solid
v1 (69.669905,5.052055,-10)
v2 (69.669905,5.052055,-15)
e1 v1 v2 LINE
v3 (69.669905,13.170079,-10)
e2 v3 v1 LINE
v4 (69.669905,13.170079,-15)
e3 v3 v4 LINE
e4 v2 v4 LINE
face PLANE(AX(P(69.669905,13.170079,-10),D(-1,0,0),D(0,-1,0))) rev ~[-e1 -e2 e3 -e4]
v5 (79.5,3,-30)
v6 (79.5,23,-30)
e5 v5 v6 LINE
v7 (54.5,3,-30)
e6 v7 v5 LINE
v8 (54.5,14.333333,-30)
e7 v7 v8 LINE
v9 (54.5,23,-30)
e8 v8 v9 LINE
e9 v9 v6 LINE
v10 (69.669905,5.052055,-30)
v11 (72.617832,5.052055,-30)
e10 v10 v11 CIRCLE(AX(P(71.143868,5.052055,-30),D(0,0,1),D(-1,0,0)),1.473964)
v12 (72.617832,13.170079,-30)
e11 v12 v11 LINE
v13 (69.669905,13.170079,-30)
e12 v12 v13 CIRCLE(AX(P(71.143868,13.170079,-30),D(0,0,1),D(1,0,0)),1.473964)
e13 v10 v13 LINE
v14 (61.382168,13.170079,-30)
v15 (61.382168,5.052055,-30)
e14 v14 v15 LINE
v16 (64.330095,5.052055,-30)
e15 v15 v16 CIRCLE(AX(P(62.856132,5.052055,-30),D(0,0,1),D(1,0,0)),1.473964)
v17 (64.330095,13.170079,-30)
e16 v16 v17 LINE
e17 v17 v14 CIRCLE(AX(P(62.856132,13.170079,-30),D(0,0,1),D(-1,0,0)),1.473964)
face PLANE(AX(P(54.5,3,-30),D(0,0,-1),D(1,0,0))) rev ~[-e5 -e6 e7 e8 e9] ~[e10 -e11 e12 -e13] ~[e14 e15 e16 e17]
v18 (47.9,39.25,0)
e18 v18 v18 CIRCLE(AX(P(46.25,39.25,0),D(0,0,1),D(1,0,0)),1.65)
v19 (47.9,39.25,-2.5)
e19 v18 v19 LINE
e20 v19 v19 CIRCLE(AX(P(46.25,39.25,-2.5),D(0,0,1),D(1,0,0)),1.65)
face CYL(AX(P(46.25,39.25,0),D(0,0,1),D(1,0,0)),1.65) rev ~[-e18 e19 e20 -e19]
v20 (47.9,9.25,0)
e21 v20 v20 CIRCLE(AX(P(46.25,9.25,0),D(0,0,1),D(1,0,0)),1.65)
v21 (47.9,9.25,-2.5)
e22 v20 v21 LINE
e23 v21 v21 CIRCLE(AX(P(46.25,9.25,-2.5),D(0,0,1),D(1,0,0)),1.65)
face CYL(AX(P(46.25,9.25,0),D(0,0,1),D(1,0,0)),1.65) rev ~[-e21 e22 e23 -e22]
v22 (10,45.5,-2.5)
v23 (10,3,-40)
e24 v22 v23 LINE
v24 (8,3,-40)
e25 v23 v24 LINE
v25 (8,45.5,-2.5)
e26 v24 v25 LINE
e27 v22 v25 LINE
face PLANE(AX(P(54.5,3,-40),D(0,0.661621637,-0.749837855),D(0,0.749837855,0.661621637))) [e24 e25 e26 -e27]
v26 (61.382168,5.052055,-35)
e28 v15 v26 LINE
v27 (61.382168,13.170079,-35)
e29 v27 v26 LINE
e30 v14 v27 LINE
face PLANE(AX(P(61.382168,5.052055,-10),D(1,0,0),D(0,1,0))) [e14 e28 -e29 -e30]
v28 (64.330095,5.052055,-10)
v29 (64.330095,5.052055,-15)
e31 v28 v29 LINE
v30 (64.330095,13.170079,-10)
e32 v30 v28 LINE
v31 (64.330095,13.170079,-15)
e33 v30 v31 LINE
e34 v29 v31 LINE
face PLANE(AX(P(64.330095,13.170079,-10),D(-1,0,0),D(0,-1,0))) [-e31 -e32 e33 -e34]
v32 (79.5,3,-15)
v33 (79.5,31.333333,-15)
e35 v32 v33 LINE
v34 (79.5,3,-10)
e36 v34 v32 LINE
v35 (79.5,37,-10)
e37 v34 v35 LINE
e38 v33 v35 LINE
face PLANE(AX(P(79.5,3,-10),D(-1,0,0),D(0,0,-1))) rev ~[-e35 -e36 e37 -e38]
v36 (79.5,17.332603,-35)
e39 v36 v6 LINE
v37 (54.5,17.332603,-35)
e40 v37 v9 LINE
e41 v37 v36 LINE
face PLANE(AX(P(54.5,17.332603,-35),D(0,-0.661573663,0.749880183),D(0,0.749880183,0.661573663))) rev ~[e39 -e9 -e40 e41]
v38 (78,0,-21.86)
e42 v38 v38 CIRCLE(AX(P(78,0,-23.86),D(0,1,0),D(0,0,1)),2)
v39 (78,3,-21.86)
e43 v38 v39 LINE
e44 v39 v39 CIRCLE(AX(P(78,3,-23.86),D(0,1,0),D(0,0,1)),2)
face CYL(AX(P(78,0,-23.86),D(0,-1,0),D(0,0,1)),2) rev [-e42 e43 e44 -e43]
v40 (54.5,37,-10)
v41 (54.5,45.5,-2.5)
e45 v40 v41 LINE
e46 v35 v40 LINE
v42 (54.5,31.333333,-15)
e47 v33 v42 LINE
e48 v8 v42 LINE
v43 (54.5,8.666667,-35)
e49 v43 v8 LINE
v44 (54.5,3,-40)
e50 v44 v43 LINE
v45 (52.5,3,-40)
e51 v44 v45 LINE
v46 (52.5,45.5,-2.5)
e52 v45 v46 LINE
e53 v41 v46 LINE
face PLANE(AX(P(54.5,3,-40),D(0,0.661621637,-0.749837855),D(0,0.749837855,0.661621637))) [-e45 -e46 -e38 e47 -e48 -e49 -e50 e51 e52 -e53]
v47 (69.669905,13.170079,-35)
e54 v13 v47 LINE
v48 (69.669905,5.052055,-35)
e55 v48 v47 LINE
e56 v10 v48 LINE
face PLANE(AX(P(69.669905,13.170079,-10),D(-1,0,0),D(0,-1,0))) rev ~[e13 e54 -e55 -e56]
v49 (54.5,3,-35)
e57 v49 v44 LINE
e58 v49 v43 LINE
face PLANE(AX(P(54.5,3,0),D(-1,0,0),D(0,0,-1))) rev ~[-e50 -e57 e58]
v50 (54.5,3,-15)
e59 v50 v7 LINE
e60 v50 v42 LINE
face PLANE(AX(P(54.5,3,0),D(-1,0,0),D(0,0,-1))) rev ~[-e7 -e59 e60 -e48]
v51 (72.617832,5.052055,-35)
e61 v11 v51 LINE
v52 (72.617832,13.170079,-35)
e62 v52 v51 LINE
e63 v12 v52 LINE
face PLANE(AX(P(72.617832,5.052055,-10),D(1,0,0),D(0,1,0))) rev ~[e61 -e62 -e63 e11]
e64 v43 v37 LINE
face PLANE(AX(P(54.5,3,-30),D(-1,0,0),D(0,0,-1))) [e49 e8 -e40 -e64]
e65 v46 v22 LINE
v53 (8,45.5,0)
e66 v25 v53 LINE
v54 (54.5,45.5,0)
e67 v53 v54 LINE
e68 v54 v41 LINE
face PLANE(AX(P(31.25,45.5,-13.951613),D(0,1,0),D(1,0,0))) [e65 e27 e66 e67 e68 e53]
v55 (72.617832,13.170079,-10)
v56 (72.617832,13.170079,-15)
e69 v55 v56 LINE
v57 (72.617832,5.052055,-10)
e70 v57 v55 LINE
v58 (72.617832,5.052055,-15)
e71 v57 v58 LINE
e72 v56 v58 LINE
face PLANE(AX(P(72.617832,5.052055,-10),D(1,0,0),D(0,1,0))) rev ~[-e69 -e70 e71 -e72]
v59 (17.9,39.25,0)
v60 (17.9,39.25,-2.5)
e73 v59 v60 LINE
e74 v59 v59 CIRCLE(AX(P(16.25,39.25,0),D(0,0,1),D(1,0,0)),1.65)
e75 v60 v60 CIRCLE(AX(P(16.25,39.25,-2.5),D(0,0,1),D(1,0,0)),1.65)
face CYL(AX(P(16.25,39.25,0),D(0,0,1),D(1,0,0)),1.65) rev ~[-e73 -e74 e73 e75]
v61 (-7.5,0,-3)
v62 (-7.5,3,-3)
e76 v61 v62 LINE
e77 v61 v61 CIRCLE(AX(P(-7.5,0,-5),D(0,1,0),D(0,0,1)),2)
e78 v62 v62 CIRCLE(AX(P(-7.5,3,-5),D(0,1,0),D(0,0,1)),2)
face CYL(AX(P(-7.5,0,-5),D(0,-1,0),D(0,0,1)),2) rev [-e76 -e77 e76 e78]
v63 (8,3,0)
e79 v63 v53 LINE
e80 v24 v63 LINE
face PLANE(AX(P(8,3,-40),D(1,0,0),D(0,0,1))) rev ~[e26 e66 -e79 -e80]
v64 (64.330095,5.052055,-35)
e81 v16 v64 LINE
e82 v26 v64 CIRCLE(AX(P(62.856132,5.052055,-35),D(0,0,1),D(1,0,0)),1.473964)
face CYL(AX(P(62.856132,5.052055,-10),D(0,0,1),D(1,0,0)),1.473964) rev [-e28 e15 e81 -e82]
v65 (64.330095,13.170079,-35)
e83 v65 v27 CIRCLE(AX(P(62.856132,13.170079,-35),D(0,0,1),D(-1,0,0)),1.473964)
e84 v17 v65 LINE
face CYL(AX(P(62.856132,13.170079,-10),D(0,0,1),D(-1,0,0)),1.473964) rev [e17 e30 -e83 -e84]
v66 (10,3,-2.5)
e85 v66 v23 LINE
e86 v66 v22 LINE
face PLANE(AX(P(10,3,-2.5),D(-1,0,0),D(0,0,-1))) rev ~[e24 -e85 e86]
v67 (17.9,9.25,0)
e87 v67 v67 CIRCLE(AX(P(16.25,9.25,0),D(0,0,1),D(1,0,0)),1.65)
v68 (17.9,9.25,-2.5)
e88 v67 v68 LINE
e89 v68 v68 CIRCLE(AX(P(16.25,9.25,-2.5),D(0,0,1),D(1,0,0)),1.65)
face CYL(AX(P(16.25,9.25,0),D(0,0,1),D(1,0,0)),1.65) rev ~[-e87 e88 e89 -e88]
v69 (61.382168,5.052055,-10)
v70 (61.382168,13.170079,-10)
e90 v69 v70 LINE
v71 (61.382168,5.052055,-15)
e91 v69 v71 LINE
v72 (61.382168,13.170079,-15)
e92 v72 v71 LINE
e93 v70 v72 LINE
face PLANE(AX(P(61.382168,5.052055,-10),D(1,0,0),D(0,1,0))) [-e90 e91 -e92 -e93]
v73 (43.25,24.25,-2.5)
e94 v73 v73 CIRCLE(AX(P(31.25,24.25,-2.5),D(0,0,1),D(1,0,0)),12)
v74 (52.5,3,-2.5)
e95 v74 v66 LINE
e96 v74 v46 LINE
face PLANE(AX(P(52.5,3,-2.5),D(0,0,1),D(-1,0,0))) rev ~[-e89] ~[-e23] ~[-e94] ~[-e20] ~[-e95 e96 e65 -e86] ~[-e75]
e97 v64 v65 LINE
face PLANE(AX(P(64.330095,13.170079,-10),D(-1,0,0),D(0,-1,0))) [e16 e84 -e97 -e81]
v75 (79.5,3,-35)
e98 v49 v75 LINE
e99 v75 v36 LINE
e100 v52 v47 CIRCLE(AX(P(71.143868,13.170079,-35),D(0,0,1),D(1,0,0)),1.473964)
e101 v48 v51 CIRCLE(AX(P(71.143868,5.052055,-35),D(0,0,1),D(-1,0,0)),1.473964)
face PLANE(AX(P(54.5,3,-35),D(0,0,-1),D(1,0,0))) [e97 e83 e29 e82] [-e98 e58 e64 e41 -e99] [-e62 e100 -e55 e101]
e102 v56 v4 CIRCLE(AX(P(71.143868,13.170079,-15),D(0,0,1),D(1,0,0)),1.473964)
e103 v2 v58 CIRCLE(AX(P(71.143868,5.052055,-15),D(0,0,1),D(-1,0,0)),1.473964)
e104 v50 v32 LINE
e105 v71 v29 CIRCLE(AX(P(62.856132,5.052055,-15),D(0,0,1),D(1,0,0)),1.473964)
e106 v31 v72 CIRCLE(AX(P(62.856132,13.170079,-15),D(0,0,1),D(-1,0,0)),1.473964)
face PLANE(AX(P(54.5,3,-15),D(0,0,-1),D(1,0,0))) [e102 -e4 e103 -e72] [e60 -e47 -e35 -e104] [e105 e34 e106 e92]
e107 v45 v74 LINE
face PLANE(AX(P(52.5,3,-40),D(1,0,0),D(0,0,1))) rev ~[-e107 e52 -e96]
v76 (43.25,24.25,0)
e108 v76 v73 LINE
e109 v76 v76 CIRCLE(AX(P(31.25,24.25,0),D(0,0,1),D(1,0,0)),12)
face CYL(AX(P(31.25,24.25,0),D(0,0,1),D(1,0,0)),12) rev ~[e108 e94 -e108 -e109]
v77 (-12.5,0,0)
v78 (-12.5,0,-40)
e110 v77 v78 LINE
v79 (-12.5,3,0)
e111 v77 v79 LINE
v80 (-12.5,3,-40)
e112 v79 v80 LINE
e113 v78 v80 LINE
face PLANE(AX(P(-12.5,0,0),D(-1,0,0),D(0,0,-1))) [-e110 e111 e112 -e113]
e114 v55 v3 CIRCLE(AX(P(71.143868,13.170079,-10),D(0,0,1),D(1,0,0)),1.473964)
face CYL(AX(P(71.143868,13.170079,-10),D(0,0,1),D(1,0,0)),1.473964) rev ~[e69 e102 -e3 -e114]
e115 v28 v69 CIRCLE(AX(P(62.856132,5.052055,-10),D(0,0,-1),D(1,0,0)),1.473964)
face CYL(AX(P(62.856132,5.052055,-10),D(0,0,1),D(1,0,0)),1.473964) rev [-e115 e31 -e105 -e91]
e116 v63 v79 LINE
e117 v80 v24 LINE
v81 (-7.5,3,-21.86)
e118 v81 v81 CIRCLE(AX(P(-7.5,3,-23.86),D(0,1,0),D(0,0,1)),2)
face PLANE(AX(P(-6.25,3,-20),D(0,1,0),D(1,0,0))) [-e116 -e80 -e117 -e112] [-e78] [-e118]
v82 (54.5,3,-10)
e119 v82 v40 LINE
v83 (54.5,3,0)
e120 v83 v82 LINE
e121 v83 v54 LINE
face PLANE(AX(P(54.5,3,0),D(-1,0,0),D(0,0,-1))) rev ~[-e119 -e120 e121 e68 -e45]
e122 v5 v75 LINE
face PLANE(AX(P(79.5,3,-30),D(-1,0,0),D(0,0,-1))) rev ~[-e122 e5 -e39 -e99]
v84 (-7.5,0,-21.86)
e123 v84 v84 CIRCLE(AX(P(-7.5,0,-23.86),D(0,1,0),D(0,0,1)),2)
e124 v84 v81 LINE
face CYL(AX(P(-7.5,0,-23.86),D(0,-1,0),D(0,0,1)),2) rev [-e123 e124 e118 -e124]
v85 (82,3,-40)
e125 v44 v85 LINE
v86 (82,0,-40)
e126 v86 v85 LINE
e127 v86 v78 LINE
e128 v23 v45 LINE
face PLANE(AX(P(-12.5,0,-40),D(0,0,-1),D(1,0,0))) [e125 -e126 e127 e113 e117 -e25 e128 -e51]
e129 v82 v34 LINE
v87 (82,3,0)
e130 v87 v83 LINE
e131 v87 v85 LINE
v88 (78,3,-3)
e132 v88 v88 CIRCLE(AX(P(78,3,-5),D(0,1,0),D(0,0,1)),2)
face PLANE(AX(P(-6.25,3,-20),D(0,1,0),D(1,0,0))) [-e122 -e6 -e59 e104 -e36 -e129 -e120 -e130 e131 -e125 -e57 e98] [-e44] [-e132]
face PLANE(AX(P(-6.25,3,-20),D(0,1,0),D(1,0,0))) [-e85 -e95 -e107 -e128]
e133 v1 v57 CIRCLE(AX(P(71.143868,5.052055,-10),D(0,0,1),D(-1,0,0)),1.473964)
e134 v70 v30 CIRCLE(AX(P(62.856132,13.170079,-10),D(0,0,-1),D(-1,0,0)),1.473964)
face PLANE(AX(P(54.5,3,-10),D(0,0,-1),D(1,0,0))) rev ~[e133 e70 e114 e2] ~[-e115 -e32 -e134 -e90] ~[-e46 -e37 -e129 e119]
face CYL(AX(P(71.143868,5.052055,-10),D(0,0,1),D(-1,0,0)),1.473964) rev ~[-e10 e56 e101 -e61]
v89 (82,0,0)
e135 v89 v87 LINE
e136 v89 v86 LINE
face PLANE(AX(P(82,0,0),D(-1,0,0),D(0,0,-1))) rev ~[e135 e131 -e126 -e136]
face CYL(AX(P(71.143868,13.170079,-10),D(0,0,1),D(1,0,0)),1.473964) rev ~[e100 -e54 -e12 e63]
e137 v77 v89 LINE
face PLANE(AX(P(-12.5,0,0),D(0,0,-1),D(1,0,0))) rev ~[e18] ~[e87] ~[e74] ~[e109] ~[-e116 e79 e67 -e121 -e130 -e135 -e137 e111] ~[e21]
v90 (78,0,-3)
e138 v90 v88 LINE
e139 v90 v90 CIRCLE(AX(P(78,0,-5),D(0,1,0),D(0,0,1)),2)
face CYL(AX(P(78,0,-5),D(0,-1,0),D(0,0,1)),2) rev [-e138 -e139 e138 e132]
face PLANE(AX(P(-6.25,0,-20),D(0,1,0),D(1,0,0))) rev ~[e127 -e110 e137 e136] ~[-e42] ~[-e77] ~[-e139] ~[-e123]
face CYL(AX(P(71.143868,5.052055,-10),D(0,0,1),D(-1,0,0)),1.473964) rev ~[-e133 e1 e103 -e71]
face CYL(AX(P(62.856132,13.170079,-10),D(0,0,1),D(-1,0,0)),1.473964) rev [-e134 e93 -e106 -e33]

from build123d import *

# Parameters (mm, degrees)
SKETCH1_W           = 94.5
SKETCH1_H           = 40
SKETCH1_R           = 2
BOSS_EXTRUDE1_DEPTH = 3
BOSS_EXTRUDE2_DEPTH = 42.5
CUT_EXTRUDE1_DEPTH  = 88.459990853
SKETCH4_R           = 12
SKETCH4_R_2         = 1.65
CUT_EXTRUDE2_DEPTH  = 102.95219468
SKETCH7_W           = 25
SKETCH7_H           = 5
BOSS_EXTRUDE3_DEPTH = 20
BOSS_EXTRUDE4_REACH = 102.649
SKETCH7_3_W         = 25
SKETCH7_3_H         = 5
CUT_EXTRUDE3_DEPTH  = 99.459382488
CUT_EXTRUDE4_DEPTH  = 91.32856691


with BuildPart() as part:
    # Sketch1 → Boss-Extrude1 (new body)
    with BuildSketch(Plane(origin=(0, 0, 0), x_dir=(1, 0, 0), z_dir=(0, 1, 0))):
        with Locations((34.75, 20)):
            Rectangle(SKETCH1_W, SKETCH1_H)
        with Locations((78, 5)):
            Circle(SKETCH1_R, mode=Mode.SUBTRACT)
        with Locations((78, 23.86)):
            Circle(SKETCH1_R, mode=Mode.SUBTRACT)
        with Locations((-7.5, 23.86)):
            Circle(SKETCH1_R, mode=Mode.SUBTRACT)
        with Locations((-7.5, 5)):
            Circle(SKETCH1_R, mode=Mode.SUBTRACT)
    extrude(amount=BOSS_EXTRUDE1_DEPTH)

    # Sketch2 → Boss-Extrude2 (add)
    with BuildSketch(Plane(origin=(0, 3, 0), x_dir=(1, 0, 0), z_dir=(0, 1, 0))):
        Polygon((10, 2.5), (10, 40), (8, 40), (8, 0), (54.5, 0), (54.5, 40), (52.5, 40), (52.5, 2.5), align=None)
    extrude(amount=BOSS_EXTRUDE2_DEPTH)

    # Sketch3 → Cut-Extrude1 (cut, through all)
    with BuildSketch(Plane(origin=(54.5, 6, 0), x_dir=(0, 0, -1), z_dir=(-1, 0, 0))):
        Polygon((2.5, -39.5), (40, -39.5), (40, 3), align=None)
    extrude(amount=CUT_EXTRUDE1_DEPTH, mode=Mode.SUBTRACT)

    # Sketch4 → Cut-Extrude2 (cut, through all)
    with BuildSketch(Plane.XY):
        with Locations((31.25, 24.25)):
            Circle(SKETCH4_R)
        with Locations((16.25, 39.25)):
            Circle(SKETCH4_R_2)
        with Locations((16.25, 9.25)):
            Circle(SKETCH4_R_2)
        with Locations((46.25, 9.25)):
            Circle(SKETCH4_R_2)
        with Locations((46.25, 39.25)):
            Circle(SKETCH4_R_2)
    extrude(amount=-CUT_EXTRUDE2_DEPTH, mode=Mode.SUBTRACT)

    # Sketch7 → Boss-Extrude3 (add)
    with BuildSketch(Plane(origin=(0, 3, 0), x_dir=(1, 0, 0), z_dir=(0, 1, 0))):
        with Locations((67, 32.5)):
            Rectangle(SKETCH7_W, SKETCH7_H)
    extrude(amount=BOSS_EXTRUDE3_DEPTH)

    # Boss-Extrude4: up to this plane
    boss_extrude4_end = Plane(origin=(-12.5, 21.157587549, -23.978599222), z_dir=(0, -0.6616216370868465, 0.7498378553650924))
    # Sketch7<3> → Boss-Extrude4 (add, up to the surface)
    with BuildSketch(Plane(origin=(0, 3, 0), x_dir=(1, 0, 0), z_dir=(0, 1, 0)), mode=Mode.PRIVATE) as boss_extrude4_sk1:
        with Locations((67, 12.5)):
            Rectangle(SKETCH7_3_W, SKETCH7_3_H)
    boss_extrude4_tool1 = split(extrude(boss_extrude4_sk1.sketch, amount=BOSS_EXTRUDE4_REACH, mode=Mode.PRIVATE), bisect_by=boss_extrude4_end, keep=Keep.BOTH, mode=Mode.PRIVATE)
    add(boss_extrude4_tool1.solids().sort_by_distance((67, 3, -12.5))[0])

    # Sketch9 → Cut-Extrude3 (cut, through all)
    with BuildSketch(Plane.XY.offset(-10)):
        with BuildLine():
            Line((64.330095427, 5.052055091), (64.330095427, 13.170078856))
            ThreePointArc((64.330095427, 13.170078856), (62.856131757, 14.644042526), (61.382168087, 13.170078856))
            Line((61.382168087, 13.170078856), (61.382168087, 5.052055091))
            ThreePointArc((61.382168087, 5.052055091), (62.856131757, 3.578091421), (64.330095427, 5.052055091))
        make_face()
        with BuildLine():
            ThreePointArc((72.617831913, 13.170078856), (71.143868243, 14.644042526), (69.669904573, 13.170078856))
            Line((69.669904573, 13.170078856), (69.669904573, 5.052055091))
            ThreePointArc((69.669904573, 5.052055091), (71.143868243, 3.578091421), (72.617831913, 5.052055091))
            Line((72.617831913, 5.052055091), (72.617831913, 13.170078856))
        make_face()
    extrude(amount=-CUT_EXTRUDE3_DEPTH, mode=Mode.SUBTRACT)

    # Sketch11 → Cut-Extrude4 (cut, through all)
    with BuildSketch(Plane.ZY.offset(-54.5)):
        Polygon((-35, 17.332602518), (-30, 23), (-35, 23), align=None)
    extrude(amount=-CUT_EXTRUDE4_DEPTH, mode=Mode.SUBTRACT)


solid = part.part
